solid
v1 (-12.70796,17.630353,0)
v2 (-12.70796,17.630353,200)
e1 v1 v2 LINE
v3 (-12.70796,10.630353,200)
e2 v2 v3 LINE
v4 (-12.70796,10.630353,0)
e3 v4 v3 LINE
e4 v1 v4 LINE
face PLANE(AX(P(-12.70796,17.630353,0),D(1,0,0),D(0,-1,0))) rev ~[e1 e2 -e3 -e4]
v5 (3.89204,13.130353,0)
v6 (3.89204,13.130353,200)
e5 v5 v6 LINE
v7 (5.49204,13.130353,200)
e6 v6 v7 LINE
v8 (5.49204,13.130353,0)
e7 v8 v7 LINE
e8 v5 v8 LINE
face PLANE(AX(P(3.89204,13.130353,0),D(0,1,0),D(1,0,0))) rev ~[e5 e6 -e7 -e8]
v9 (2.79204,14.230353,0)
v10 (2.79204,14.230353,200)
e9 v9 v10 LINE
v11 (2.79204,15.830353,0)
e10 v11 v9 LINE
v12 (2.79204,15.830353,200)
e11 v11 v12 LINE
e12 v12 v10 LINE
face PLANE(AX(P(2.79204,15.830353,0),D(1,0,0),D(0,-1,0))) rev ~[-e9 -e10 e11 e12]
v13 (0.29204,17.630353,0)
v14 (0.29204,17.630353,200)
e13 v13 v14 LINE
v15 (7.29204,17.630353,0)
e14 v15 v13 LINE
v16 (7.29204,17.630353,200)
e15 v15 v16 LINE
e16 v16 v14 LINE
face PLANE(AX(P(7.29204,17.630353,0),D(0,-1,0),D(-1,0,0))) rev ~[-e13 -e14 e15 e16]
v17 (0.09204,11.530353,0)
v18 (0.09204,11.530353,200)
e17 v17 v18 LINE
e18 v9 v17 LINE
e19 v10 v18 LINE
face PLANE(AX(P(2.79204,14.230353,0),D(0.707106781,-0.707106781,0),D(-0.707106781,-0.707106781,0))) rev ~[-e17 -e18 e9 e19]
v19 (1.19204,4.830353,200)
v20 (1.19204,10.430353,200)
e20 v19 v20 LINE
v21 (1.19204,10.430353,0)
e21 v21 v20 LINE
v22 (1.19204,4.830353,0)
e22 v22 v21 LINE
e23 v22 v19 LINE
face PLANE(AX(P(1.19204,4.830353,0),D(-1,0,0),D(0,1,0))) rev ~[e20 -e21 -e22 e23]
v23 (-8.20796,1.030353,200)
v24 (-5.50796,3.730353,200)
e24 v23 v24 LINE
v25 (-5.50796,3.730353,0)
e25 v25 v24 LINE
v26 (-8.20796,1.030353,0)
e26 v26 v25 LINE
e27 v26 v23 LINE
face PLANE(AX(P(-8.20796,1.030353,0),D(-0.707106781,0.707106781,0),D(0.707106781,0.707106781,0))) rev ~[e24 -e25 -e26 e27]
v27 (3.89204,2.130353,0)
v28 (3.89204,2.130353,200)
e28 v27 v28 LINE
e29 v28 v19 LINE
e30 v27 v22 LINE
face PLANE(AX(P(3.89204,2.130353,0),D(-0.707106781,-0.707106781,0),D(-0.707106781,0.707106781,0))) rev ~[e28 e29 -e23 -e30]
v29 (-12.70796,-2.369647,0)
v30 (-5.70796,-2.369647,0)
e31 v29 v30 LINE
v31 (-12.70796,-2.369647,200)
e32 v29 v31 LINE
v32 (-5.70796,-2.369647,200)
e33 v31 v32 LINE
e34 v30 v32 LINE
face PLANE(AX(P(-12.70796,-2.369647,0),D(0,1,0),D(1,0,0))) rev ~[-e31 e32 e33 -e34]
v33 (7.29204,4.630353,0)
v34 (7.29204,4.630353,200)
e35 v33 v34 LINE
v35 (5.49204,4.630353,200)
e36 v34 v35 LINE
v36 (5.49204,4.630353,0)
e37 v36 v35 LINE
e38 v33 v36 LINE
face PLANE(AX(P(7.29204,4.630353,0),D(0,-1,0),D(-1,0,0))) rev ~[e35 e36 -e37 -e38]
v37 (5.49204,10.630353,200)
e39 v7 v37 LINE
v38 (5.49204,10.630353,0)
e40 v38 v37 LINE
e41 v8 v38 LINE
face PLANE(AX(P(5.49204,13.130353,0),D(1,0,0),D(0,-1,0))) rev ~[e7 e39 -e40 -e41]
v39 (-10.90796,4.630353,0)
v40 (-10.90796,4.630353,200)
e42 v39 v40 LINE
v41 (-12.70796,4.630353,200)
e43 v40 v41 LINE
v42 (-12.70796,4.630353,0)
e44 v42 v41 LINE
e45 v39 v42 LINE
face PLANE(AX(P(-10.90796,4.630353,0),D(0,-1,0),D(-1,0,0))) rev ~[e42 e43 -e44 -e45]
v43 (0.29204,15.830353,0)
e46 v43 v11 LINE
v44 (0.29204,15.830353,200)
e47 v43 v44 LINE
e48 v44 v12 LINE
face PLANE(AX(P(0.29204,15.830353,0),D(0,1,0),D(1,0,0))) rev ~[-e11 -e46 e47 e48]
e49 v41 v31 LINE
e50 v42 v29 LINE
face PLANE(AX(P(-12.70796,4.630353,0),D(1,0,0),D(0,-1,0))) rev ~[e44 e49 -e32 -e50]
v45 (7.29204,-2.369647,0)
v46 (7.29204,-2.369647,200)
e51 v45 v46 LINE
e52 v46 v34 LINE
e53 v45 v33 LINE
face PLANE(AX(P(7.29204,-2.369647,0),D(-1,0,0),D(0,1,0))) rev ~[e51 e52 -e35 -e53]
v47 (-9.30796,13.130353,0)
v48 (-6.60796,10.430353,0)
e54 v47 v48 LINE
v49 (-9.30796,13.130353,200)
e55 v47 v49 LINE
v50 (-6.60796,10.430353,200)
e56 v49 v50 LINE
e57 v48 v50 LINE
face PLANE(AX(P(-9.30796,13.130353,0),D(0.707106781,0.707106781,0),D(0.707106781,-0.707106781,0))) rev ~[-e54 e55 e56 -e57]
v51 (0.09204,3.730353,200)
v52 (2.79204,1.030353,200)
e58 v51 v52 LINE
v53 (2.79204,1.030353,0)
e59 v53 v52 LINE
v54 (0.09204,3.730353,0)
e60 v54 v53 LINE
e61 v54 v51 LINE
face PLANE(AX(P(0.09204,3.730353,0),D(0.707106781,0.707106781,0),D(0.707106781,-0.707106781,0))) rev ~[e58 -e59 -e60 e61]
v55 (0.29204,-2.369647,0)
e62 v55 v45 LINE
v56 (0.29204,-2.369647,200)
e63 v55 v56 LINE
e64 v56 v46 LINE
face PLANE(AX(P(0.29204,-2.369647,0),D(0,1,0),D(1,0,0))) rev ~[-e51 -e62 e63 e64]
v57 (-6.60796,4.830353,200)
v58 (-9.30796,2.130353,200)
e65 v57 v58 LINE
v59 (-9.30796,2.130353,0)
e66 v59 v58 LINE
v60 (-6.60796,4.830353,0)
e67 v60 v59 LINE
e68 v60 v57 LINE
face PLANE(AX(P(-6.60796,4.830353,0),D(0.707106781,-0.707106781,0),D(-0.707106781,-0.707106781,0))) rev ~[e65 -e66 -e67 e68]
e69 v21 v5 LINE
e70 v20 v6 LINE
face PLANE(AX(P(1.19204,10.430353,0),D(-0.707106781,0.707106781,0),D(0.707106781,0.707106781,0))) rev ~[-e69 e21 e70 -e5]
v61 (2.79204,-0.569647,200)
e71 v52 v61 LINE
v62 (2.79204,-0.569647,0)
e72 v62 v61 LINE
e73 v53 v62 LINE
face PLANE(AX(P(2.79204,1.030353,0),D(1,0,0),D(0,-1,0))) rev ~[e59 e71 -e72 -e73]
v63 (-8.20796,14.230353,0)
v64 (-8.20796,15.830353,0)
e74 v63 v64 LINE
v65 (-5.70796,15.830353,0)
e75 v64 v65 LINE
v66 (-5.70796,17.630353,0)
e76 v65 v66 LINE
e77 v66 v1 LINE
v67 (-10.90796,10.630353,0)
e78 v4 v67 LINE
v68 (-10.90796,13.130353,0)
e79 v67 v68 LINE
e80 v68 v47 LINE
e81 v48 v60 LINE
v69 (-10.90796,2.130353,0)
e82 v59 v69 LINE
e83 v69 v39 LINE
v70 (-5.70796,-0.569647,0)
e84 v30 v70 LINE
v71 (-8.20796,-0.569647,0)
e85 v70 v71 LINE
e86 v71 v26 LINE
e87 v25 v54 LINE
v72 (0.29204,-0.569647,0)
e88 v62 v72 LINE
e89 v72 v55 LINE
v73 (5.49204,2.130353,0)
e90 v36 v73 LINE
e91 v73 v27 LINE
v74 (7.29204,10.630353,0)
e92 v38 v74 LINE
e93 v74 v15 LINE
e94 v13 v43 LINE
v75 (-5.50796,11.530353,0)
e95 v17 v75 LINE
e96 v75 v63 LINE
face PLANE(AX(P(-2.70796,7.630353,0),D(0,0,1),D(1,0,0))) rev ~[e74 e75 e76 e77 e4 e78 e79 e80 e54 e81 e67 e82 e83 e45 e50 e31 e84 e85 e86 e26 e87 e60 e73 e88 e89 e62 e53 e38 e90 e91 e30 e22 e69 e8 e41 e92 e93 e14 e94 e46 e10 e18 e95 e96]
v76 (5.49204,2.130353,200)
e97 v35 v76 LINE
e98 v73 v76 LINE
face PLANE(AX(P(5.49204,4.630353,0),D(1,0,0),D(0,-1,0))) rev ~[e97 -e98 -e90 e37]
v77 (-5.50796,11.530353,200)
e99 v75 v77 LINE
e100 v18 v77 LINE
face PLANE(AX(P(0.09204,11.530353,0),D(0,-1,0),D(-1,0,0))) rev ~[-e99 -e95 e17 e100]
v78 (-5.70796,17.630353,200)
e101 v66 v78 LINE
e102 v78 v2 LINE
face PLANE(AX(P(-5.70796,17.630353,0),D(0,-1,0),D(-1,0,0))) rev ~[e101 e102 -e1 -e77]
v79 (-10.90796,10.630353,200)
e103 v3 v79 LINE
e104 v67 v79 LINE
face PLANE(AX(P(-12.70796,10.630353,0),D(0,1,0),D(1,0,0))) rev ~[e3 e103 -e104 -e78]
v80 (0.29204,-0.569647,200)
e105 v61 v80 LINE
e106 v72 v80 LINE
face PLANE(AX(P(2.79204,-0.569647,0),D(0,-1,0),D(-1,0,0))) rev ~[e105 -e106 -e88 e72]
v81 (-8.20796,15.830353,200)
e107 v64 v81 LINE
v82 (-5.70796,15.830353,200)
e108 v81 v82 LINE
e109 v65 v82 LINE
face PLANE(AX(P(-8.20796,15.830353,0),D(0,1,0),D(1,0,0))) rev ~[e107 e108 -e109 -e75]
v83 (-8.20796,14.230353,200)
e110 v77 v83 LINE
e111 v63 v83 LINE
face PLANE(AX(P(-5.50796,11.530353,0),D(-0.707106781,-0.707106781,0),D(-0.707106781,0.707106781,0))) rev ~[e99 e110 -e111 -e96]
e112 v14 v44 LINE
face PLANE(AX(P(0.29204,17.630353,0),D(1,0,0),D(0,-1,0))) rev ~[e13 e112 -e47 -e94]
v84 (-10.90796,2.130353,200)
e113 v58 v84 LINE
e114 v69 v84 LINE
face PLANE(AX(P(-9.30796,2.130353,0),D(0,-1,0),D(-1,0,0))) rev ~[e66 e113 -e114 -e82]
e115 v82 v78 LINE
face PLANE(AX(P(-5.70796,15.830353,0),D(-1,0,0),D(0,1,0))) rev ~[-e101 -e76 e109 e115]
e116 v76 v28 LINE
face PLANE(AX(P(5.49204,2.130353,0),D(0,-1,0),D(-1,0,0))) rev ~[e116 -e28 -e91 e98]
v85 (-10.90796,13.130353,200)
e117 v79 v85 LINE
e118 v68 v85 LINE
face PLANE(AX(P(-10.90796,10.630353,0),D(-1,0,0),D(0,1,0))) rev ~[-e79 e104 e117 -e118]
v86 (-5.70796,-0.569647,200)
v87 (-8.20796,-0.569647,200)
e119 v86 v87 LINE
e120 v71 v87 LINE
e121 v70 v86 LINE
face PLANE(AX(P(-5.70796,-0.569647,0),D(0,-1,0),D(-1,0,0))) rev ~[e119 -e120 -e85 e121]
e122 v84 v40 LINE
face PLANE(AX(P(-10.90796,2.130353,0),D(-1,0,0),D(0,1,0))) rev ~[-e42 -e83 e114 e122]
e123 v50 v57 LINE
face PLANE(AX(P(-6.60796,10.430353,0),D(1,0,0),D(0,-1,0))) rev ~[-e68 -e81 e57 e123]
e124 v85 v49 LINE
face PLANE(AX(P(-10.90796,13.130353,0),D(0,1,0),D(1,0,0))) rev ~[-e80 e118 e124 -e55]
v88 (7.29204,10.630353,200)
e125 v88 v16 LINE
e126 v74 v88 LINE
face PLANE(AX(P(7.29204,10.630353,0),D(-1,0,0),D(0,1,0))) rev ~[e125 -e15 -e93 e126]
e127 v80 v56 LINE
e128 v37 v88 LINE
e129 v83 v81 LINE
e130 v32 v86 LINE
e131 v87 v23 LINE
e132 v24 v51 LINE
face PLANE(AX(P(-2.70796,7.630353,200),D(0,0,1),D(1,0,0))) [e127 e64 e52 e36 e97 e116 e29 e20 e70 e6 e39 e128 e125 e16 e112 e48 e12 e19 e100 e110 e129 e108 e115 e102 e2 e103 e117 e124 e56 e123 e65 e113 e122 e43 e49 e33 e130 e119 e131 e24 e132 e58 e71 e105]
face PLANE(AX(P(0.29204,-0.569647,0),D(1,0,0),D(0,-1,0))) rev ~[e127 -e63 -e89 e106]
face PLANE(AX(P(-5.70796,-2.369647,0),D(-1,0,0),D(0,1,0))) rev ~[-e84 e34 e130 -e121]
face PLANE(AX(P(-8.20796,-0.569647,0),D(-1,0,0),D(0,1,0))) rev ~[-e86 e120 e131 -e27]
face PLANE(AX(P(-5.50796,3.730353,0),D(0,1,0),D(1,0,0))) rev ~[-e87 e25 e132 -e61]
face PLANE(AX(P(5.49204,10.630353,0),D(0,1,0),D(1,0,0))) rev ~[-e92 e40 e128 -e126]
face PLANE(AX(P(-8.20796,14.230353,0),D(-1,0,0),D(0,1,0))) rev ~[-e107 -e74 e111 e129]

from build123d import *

# Parameters (mm, degrees)
F1_DEPTH = 200


with BuildPart() as f1:
    # F0 (on Top) → F1 (new body)
    with BuildSketch(Plane.XY):
        Polygon((-5.70796, 17.630353), (-12.70796, 17.630353), (-12.70796, 10.630353), (-10.90796, 10.630353), (-10.90796, 13.130353), (-9.30796, 13.130353), (-6.60796, 10.430353), (-6.60796, 4.830353), (-9.30796, 2.130353), (-10.90796, 2.130353), (-10.90796, 4.630353), (-12.70796, 4.630353), (-12.70796, -2.369647), (-5.70796, -2.369647), (-5.70796, -0.569647), (-8.20796, -0.569647), (-8.20796, 1.030353), (-5.50796, 3.730353), (0.09204, 3.730353), (2.79204, 1.030353), (2.79204, -0.569647), (0.29204, -0.569647), (0.29204, -2.369647), (7.29204, -2.369647), (7.29204, 4.630353), (5.49204, 4.630353), (5.49204, 2.130353), (3.89204, 2.130353), (1.19204, 4.830353), (1.19204, 10.430353), (3.89204, 13.130353), (5.49204, 13.130353), (5.49204, 10.630353), (7.29204, 10.630353), (7.29204, 17.630353), (0.29204, 17.630353), (0.29204, 15.830353), (2.79204, 15.830353), (2.79204, 14.230353), (0.09204, 11.530353), (-5.50796, 11.530353), (-8.20796, 14.230353), (-8.20796, 15.830353), (-5.70796, 15.830353), align=None)
    extrude(amount=F1_DEPTH)


solid = f1.part
